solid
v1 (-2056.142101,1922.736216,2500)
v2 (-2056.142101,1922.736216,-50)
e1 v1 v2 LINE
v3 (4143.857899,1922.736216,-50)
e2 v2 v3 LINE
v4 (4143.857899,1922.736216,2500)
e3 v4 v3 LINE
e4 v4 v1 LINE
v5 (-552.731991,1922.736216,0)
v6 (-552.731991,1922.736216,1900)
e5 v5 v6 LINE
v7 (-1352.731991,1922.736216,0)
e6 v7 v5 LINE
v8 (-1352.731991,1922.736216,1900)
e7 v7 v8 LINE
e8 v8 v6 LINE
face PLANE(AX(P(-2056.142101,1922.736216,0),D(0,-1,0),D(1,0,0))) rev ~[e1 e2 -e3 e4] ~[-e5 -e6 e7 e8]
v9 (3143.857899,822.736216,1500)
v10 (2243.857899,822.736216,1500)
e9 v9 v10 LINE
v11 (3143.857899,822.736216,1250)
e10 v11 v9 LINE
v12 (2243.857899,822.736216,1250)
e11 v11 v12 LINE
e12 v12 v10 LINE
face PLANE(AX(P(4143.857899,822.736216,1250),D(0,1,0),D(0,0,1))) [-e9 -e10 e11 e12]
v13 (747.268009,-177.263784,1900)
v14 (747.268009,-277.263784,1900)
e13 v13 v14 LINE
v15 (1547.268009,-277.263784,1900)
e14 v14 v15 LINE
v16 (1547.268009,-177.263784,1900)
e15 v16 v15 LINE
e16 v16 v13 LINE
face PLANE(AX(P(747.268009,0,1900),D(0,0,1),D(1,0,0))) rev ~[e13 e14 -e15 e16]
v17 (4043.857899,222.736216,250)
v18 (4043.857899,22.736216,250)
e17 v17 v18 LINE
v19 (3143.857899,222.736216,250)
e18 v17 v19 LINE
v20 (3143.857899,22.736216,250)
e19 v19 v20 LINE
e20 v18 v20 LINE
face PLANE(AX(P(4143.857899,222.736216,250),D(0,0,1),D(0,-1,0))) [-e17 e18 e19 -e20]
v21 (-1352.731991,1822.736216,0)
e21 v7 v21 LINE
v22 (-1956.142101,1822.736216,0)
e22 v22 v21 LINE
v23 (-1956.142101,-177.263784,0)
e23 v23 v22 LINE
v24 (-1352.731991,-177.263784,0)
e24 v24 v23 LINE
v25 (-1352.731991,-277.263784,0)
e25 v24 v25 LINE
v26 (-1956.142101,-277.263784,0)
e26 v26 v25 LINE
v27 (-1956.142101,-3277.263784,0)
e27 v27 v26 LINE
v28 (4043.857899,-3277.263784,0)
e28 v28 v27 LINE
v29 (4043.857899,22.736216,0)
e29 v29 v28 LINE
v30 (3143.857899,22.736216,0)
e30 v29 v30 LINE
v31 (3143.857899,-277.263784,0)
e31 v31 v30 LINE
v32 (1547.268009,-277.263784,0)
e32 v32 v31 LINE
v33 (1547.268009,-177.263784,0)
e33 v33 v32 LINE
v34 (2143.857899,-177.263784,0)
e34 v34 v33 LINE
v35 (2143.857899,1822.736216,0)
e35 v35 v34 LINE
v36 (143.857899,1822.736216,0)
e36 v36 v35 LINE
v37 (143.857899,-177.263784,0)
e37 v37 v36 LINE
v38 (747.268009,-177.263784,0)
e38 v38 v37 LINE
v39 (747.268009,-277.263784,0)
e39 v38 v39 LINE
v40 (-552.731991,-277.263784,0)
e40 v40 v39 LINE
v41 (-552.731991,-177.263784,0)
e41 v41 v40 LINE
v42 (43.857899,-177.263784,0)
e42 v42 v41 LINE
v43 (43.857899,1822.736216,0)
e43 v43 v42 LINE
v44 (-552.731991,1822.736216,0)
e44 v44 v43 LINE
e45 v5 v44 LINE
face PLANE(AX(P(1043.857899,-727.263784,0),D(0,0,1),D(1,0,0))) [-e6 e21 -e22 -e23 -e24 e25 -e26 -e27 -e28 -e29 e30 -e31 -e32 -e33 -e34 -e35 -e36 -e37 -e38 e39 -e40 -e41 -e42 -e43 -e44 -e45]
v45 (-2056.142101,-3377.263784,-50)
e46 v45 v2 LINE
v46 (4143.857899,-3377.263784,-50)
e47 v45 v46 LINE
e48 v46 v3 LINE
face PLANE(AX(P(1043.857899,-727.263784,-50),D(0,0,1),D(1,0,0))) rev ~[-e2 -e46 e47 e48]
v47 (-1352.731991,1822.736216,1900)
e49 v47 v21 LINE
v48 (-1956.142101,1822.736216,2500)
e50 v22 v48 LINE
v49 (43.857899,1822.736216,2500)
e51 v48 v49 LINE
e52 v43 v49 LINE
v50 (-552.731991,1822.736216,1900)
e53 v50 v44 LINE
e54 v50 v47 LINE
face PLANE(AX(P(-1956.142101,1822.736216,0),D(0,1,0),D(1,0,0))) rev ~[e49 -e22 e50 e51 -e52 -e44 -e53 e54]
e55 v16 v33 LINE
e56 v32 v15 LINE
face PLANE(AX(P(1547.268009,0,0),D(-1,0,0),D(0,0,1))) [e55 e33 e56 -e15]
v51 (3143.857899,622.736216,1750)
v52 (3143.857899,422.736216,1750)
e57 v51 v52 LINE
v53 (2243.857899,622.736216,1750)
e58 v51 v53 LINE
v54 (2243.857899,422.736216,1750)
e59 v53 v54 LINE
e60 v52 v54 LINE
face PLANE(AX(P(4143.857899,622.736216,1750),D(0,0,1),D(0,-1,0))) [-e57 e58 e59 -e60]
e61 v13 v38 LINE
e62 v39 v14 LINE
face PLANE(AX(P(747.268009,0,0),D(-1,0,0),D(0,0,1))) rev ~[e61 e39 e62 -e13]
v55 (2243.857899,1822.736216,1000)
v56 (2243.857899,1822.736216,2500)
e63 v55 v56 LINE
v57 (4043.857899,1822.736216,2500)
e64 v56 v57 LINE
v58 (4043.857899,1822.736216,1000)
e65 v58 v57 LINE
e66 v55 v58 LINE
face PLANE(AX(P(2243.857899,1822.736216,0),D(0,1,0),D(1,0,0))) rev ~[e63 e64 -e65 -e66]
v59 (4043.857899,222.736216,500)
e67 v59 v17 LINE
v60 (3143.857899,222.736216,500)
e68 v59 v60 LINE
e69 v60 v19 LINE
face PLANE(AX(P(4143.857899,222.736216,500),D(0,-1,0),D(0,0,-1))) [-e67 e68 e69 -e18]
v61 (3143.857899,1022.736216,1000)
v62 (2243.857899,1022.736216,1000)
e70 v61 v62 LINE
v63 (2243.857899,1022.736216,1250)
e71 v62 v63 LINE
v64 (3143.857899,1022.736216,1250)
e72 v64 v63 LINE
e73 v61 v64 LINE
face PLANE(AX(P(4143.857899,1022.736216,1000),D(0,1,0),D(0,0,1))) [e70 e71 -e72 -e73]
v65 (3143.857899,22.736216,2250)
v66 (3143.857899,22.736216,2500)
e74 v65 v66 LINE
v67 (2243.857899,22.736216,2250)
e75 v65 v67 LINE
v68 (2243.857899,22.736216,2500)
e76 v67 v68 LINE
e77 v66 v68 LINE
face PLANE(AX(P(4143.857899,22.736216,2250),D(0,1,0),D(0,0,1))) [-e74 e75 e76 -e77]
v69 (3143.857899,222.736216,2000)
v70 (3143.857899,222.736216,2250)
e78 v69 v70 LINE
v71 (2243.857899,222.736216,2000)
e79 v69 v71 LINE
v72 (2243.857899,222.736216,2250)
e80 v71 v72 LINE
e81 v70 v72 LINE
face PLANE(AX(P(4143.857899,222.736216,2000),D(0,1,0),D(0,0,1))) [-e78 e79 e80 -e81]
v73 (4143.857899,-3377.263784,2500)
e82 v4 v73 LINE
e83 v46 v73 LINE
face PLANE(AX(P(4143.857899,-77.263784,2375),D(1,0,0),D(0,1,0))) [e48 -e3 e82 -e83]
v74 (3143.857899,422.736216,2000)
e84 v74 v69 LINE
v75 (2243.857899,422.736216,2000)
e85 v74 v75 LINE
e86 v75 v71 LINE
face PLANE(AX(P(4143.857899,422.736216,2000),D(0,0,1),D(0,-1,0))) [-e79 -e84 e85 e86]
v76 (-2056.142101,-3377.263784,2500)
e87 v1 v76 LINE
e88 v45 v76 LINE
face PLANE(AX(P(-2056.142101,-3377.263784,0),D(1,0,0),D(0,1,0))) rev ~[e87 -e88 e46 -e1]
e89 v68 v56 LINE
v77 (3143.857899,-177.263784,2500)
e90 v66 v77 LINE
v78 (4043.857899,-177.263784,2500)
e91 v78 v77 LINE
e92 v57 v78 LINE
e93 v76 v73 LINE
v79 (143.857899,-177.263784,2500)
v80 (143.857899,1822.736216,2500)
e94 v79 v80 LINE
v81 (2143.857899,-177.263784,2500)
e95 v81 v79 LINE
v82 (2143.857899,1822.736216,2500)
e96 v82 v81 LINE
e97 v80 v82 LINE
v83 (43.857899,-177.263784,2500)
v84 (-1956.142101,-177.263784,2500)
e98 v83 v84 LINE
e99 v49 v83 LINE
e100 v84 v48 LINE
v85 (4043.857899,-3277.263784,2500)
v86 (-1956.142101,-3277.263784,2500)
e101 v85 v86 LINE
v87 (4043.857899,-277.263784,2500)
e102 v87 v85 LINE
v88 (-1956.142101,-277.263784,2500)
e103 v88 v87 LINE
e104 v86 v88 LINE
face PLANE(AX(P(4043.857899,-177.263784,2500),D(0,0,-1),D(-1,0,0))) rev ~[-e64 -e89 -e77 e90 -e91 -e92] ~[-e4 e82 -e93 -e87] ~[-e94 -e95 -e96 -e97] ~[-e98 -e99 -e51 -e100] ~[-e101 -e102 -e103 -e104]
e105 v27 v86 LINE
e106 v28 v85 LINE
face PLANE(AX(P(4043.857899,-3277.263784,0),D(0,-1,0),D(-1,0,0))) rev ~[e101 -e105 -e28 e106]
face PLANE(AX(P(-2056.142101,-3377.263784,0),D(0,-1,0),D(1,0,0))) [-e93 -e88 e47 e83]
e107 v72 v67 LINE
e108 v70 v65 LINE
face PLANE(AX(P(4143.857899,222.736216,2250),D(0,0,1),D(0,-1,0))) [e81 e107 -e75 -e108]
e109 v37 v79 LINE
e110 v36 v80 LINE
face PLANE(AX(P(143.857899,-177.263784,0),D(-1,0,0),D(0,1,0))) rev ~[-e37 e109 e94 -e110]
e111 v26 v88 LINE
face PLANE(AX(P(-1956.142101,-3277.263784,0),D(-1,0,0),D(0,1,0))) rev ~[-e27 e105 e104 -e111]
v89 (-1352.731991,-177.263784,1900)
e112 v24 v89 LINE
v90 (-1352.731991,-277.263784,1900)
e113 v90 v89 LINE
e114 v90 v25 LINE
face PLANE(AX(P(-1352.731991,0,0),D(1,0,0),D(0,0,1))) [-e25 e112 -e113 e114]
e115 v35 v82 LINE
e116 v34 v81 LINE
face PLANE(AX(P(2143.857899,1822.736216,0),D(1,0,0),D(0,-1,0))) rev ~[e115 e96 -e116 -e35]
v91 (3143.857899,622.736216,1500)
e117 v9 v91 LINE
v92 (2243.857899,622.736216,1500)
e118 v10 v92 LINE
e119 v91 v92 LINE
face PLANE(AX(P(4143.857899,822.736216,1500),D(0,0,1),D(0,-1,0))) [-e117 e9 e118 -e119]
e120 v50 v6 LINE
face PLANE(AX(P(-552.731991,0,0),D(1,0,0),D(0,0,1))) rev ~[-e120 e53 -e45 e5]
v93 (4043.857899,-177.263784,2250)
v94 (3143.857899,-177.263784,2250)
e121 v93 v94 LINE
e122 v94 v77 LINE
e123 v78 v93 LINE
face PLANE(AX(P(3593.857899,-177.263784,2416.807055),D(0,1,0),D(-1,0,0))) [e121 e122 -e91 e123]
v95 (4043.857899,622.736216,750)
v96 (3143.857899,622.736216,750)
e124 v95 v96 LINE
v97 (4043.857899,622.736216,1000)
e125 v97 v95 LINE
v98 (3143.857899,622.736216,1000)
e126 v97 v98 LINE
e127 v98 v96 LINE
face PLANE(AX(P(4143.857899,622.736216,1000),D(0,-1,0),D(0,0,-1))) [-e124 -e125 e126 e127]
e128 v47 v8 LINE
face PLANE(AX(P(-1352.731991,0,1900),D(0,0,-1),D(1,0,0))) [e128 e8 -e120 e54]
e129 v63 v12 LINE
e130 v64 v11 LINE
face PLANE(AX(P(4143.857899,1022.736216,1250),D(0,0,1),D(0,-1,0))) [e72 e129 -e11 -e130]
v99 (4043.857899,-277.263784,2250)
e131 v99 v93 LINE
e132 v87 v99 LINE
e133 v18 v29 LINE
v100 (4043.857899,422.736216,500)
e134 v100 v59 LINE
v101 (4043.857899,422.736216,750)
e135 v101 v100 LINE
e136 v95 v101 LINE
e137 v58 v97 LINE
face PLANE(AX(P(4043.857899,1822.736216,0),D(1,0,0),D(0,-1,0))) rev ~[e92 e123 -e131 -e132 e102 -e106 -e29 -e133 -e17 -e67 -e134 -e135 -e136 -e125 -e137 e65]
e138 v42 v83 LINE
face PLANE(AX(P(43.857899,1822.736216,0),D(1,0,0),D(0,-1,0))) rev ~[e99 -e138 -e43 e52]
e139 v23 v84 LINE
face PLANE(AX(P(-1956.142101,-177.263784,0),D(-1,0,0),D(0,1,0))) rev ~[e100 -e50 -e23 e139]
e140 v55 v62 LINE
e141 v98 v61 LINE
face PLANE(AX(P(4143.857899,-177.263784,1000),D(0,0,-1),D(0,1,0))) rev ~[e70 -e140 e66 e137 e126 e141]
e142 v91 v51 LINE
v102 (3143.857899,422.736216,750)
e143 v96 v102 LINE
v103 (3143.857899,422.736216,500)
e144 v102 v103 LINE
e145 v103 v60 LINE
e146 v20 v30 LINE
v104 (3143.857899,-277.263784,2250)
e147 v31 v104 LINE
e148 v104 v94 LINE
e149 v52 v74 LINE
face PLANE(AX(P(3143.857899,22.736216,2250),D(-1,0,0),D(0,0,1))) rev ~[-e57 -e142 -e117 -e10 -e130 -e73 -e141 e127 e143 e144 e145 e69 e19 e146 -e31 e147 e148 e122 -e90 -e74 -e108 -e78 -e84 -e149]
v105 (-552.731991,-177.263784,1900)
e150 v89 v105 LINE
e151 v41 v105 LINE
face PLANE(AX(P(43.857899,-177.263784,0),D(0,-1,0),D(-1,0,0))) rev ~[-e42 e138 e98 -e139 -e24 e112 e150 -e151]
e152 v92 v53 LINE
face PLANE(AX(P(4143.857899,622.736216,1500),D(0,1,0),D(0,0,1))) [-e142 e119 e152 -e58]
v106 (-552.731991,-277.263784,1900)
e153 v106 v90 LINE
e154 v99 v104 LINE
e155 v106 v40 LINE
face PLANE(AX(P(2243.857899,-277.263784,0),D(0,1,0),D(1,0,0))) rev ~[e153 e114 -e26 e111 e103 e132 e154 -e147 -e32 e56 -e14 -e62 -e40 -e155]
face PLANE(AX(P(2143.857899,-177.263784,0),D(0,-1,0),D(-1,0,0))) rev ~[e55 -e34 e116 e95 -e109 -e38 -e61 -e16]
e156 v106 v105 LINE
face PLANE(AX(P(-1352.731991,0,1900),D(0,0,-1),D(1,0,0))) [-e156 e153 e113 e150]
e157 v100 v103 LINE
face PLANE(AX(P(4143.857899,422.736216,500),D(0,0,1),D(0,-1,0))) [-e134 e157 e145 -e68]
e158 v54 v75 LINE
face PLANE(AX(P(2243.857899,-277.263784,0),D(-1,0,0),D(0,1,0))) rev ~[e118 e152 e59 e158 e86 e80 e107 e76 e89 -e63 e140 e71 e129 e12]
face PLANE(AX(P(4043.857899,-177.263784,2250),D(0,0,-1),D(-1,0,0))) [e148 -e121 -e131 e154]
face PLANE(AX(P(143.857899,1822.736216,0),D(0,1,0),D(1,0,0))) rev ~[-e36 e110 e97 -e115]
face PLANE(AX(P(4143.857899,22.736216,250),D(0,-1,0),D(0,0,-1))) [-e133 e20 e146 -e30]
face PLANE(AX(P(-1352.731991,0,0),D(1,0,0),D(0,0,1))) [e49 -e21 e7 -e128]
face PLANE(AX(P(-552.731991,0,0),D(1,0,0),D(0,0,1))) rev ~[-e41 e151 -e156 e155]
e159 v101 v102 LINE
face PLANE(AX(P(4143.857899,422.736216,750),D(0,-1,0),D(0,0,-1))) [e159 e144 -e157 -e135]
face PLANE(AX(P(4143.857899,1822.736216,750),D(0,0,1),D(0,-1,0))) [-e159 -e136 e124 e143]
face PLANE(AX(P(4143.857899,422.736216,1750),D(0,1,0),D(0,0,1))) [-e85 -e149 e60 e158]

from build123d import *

# Parameters (mm, degrees)
F0_W      = 100
F0_H      = 100
F0_H_2    = 2000
F0_W_2    = 900
F1_DEPTH  = 2500
F2_W      = 800
F2_H      = 1900
F3_DEPTH  = 2070
F4_DEPTH  = 1630
F6_W      = 6200
F6_H      = 5300
F7_DEPTH  = 50
F9_DEPTH  = 1000
F10_DEPTH = 1900
F8_W      = 200
F8_H      = 250
F11_DEPTH = 1900
F12_DEPTH = 1000
F13_DEPTH = 1480
F14_DEPTH = 1000
F15_DEPTH = 100
F16_W     = 900
F16_H     = 166.3858890533
F16_H_2   = 83.6141109467
F17_DEPTH = 200


with BuildPart() as f1:
    # F0 (on Top) → F1 (new body)
    with BuildSketch(Plane.XY):
        Polygon((-1956.1421014369, 1922.7362155914), (-1956.1421014369, 1822.7362155914), (43.8578985631, 1822.7362155914), (43.8578985631, -177.2637844086), (143.8578985631, -177.2637844086), (143.8578985631, 1822.7362155914), (143.8578985631, 1922.7362155914), align=None)
        with Locations((-2006.1421014369, 1872.7362155914)):
            Rectangle(F0_W, F0_H)
        Polygon((2143.8578985631, -177.2637844086), (143.8578985631, -177.2637844086), (143.8578985631, -277.2637844086), (2243.8578985631, -277.2637844086), (2243.8578985631, -177.2637844086), align=None)
        Polygon((2243.8578985631, 1922.7362155914), (143.8578985631, 1922.7362155914), (143.8578985631, 1822.7362155914), (2143.8578985631, 1822.7362155914), (2143.8578985631, -177.2637844086), (2243.8578985631, -177.2637844086), (2243.8578985631, 1822.7362155914), align=None)
        with Locations((-2006.1421014369, 822.7362155914)):
            Rectangle(F0_W, F0_H_2)
        Polygon((43.8578985631, -177.2637844086), (-1956.1421014369, -177.2637844086), (-2056.1421014369, -177.2637844086), (-2056.1421014369, -277.2637844086), (-1956.1421014369, -277.2637844086), (143.8578985631, -277.2637844086), (143.8578985631, -177.2637844086), align=None)
        Polygon((-1956.1421014369, -277.2637844086), (-2056.1421014369, -277.2637844086), (-2056.1421014369, -3377.2637844086), (4143.8578985631, -3377.2637844086), (4143.8578985631, -177.2637844086), (4043.8578985631, -177.2637844086), (4043.8578985631, -277.2637844086), (4043.8578985631, -3277.2637844086), (-1956.1421014369, -3277.2637844086), align=None)
        with Locations((2693.8578985631, 1872.7362155914)):
            Rectangle(F0_W_2, F0_H)
        Polygon((4143.8578985631, 1922.7362155914), (3143.8578985631, 1922.7362155914), (3143.8578985631, 1822.7362155914), (4043.8578985631, 1822.7362155914), (4043.8578985631, -177.2637844086), (4143.8578985631, -177.2637844086), align=None)
    extrude(amount=F1_DEPTH)

    # F2 (on Front) → F3 (cut, symmetric)
    with BuildSketch(Plane.XZ):
        with Locations((-952.7319908142, 950)):
            Rectangle(F2_W, F2_H)
    extrude(amount=F3_DEPTH, both=True, mode=Mode.SUBTRACT)

    # F2 (on Front) → F4 (cut)
    with BuildSketch(Plane.XZ):
        with Locations((1147.2680091858, 950)):
            Rectangle(F2_W, F2_H)
    extrude(amount=F4_DEPTH, mode=Mode.SUBTRACT)

    # F6 (on face) → F7 (join)
    with BuildSketch(Plane.XY):
        with Locations((1043.8578985631, -727.2637844086)):
            Rectangle(F6_W, F6_H)
    extrude(amount=-F7_DEPTH)

    # F8 (on offset) → F9 (join)
    with BuildSketch(Plane.YZ.offset(4143.8578985631)):
        Polygon((22.7362155914, 0), (1822.7362155914, 0), (1822.7362155914, 250), (222.7362155914, 250), (22.7362155914, 250), align=None)
        Polygon((222.7362155914, 250), (1822.7362155914, 250), (1822.7362155914, 500), (422.7362155914, 500), (222.7362155914, 500), align=None)
        Polygon((422.7362155914, 500), (1822.7362155914, 500), (1822.7362155914, 750), (622.7362155914, 750), (422.7362155914, 750), align=None)
    extrude(amount=-F9_DEPTH)

    # F8 (on offset) → F10 (join)
    with BuildSketch(Plane.YZ.offset(4143.8578985631)):
        Polygon((622.7362155914, 750), (1822.7362155914, 750), (1822.7362155914, 1000), (1022.7362155914, 1000), (622.7362155914, 1000), align=None)
    extrude(amount=-F10_DEPTH)

    # F8 (on offset) → F11 (join)
    with BuildSketch(Plane.YZ.offset(4143.8578985631)):
        with Locations((-77.2637844086, 2375)):
            Rectangle(F8_W, F8_H)
        Polygon((-177.2637844086, 2250), (-177.2637844086, 2000), (222.7362155914, 2000), (222.7362155914, 2250), (22.7362155914, 2250), align=None)
        Polygon((-177.2637844086, 2000), (-177.2637844086, 1750), (422.7362155914, 1750), (422.7362155914, 2000), (222.7362155914, 2000), align=None)
        Polygon((-177.2637844086, 1750), (-177.2637844086, 1500), (622.7362155914, 1500), (622.7362155914, 1750), (422.7362155914, 1750), align=None)
        Polygon((-177.2637844086, 1500), (-177.2637844086, 1250), (822.7362155914, 1250), (822.7362155914, 1500), (622.7362155914, 1500), align=None)
        Polygon((-177.2637844086, 1250), (-177.2637844086, 1000), (622.7362155914, 1000), (1022.7362155914, 1000), (1022.7362155914, 1250), (822.7362155914, 1250), align=None)
    extrude(amount=-F11_DEPTH)

    # F8 (on offset) → F12 (cut)
    with BuildSketch(Plane.YZ.offset(4143.8578985631)):
        Polygon((-177.2637844086, 2250), (-177.2637844086, 2000), (222.7362155914, 2000), (222.7362155914, 2250), (22.7362155914, 2250), align=None)
        Polygon((-177.2637844086, 2000), (-177.2637844086, 1750), (422.7362155914, 1750), (422.7362155914, 2000), (222.7362155914, 2000), align=None)
        Polygon((-177.2637844086, 1750), (-177.2637844086, 1500), (622.7362155914, 1500), (622.7362155914, 1750), (422.7362155914, 1750), align=None)
        Polygon((-177.2637844086, 1500), (-177.2637844086, 1250), (822.7362155914, 1250), (822.7362155914, 1500), (622.7362155914, 1500), align=None)
        Polygon((-177.2637844086, 1250), (-177.2637844086, 1000), (622.7362155914, 1000), (1022.7362155914, 1000), (1022.7362155914, 1250), (822.7362155914, 1250), align=None)
    extrude(amount=-F12_DEPTH, mode=Mode.SUBTRACT)

    # F13 (add): a face of the model
    f13_faces = [f1.faces().sort_by_distance(p)[0] for p in [
        (4093.8578985631, -177.2637844086, 1625),
    ]]
    extrude(f13_faces, amount=F13_DEPTH)

    # F0 (on Top) → F14 (join)
    with BuildSketch(Plane.XY):
        with Locations((2693.8578985631, 822.7362155914)):
            Rectangle(F0_W_2, F0_H_2)
    extrude(amount=F14_DEPTH)

    # F15 (add): a face of the model
    f15_faces = [f1.faces().sort_by_distance(p)[0] for p in [
        (2775.6760803813, -177.2637844086, 1352.2727272727),
    ]]
    extrude(f15_faces, amount=F15_DEPTH)

    # F16 (on face) → F17 (cut)
    with BuildSketch(Plane(origin=(0, 22.7362155914, 0), x_dir=(-1, 0, 0), z_dir=(0, 1, 0))):
        with Locations((-3593.8578985631, 2416.8070554733)):
            Rectangle(F16_W, F16_H)
        with Locations((-3593.8578985631, 2291.8070554733)):
            Rectangle(F16_W, F16_H_2)
    extrude(amount=-F17_DEPTH, mode=Mode.SUBTRACT)


solid = f1.part
